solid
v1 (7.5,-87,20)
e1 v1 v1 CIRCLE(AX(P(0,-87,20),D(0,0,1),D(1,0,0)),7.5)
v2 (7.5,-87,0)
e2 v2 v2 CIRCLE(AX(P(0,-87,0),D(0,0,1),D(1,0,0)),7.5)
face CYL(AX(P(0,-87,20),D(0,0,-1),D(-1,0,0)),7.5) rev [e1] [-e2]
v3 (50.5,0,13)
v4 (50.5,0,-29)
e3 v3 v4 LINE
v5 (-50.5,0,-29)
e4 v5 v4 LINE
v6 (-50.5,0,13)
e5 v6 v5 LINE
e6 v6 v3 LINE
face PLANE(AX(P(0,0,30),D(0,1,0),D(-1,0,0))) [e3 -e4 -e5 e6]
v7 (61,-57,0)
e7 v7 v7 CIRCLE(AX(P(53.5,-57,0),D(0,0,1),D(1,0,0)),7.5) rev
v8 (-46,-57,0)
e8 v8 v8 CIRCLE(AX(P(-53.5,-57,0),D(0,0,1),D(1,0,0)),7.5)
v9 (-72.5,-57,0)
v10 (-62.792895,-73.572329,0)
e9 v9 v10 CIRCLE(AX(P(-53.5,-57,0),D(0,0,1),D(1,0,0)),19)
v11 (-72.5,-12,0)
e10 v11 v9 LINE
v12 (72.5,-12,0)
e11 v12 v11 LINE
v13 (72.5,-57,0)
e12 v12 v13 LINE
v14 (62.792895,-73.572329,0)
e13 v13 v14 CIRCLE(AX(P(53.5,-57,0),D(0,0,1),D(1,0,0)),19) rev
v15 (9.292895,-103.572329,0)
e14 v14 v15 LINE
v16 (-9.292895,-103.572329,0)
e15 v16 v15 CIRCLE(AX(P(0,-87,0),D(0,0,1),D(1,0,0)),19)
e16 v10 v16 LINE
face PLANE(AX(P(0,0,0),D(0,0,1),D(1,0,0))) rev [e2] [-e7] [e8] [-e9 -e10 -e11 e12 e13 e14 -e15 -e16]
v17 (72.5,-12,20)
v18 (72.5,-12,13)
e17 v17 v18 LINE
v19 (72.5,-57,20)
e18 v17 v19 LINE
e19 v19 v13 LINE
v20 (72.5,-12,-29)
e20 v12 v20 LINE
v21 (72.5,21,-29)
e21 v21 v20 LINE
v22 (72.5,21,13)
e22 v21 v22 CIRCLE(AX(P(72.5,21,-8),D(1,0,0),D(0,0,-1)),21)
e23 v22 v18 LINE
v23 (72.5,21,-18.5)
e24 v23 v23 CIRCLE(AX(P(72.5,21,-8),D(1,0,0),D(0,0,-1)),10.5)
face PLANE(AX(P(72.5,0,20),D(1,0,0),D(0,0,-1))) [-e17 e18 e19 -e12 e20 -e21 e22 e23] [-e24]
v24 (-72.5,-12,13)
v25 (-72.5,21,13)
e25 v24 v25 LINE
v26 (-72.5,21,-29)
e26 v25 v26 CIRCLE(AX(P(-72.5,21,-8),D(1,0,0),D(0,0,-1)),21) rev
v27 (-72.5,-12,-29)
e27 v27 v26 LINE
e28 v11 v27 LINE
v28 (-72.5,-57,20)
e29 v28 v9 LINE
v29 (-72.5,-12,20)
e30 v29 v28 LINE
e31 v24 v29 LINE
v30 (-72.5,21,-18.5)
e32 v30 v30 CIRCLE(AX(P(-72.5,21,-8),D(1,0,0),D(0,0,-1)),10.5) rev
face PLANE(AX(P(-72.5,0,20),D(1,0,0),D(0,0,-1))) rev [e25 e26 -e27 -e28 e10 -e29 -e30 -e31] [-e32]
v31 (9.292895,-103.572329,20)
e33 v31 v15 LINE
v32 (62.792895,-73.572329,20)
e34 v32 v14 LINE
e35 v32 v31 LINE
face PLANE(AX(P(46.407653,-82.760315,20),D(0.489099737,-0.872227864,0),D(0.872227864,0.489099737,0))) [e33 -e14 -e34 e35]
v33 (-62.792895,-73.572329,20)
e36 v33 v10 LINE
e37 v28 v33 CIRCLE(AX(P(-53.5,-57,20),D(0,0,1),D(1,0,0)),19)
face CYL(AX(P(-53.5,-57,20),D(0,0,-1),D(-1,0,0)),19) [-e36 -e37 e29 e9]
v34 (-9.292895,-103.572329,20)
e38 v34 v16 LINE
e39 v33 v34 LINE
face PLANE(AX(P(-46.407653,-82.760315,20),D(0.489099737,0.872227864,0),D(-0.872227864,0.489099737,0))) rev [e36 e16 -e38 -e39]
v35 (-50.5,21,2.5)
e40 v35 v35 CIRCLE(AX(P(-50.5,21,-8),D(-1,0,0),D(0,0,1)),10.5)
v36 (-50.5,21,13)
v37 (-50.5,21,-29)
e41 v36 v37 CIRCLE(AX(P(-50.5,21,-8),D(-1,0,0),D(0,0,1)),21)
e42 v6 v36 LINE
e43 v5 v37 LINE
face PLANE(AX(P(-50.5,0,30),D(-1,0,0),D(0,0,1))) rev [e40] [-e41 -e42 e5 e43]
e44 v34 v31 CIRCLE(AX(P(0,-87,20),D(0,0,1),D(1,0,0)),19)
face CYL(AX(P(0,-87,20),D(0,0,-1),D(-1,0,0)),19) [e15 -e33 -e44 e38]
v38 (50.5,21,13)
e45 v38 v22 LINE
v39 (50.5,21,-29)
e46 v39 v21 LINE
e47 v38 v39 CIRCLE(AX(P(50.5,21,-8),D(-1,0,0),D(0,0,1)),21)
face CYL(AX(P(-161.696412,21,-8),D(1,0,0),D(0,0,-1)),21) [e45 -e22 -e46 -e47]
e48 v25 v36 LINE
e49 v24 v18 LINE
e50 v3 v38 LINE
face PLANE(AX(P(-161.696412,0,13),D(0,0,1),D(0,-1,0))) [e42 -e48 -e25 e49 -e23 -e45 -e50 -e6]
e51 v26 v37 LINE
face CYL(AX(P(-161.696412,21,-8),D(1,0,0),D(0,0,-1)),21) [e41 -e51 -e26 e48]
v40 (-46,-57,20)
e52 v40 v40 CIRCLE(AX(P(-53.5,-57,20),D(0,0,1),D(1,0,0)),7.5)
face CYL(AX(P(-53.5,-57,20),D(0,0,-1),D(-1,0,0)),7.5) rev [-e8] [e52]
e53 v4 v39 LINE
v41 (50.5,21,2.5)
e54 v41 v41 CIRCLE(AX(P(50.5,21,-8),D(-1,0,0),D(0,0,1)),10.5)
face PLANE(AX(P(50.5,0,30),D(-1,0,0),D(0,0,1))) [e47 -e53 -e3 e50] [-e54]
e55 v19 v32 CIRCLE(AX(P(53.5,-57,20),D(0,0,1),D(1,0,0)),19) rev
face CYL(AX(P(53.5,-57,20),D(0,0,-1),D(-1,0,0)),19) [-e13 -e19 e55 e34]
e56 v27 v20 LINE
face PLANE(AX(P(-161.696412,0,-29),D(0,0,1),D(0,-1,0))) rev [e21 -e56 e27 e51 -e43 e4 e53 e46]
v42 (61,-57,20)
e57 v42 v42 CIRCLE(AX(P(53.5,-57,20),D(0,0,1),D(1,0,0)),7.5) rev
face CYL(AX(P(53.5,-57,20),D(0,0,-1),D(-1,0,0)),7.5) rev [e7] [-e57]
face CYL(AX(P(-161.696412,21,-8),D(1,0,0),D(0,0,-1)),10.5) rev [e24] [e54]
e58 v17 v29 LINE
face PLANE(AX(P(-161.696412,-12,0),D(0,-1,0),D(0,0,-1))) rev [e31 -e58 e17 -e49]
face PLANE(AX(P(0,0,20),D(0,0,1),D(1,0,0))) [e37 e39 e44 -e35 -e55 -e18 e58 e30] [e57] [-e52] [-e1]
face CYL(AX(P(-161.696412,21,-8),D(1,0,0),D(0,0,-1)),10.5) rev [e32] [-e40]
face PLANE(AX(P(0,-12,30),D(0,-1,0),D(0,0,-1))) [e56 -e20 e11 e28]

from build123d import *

# Parameters (mm, degrees)
SKETCH1_R           = 7.5
BOSS_EXTRUDE1_DEPTH = 20
SKETCH1_4_W         = 22
SKETCH1_4_H         = 54
BOSS_EXTRUDE3_DEPTH = 30
CUT_EXTRUDE6_REACH  = 184.102
SKETCH5_R           = 10.5


with BuildPart() as part:
    # Sketch1 → Boss-Extrude1 (new body)
    with BuildSketch(Plane.XY):
        with BuildLine():
            Line((72.5, -57), (72.5, -12))
            Line((72.5, -12), (-72.5, -12))
            Line((-72.5, -12), (-72.5, -57))
            ThreePointArc((-72.5, -57), (-69.894587599, -66.602994193), (-62.792895003, -73.572329422))
            Line((-62.792895003, -73.572329422), (-9.292895003, -103.572329422))
            ThreePointArc((-9.292895003, -103.572329422), (0, -106), (9.292895003, -103.572329422))
            Line((9.292895003, -103.572329422), (62.792895003, -73.572329422))
            ThreePointArc((62.792895003, -73.572329422), (69.894587599, -66.602994193), (72.5, -57))
        make_face()
        with Locations((-53.5, -57)):
            Circle(SKETCH1_R, mode=Mode.SUBTRACT)
        with Locations((0, -87)):
            Circle(SKETCH1_R, mode=Mode.SUBTRACT)
        with Locations((53.5, -57)):
            Circle(SKETCH1_R, mode=Mode.SUBTRACT)
    extrude(amount=BOSS_EXTRUDE1_DEPTH)

    # Sketch1<4> → Boss-Extrude3 (add, symmetric)
    with BuildSketch(Plane.XY):
        with Locations((-61.5, 27)):
            Rectangle(SKETCH1_4_W, SKETCH1_4_H)
        with Locations((61.5, 27)):
            Rectangle(SKETCH1_4_W, SKETCH1_4_H)
        Polygon((-72.5, -12), (0, -12), (0, 0), (-50.5, 0), (-72.5, 0), align=None)
        Polygon((0, 0), (0, -12), (72.5, -12), (72.5, 0), (50.5, 0), align=None)
    extrude(amount=BOSS_EXTRUDE3_DEPTH, both=True)

    # Cut-Extrude6: up to this face of the body (flat: up to its plane)
    cut_extrude6_end = Plane(part.part.faces().sort_by_distance((-72.5, 10.722222222, 1.851851852))[0])
    # Sketch5 → Cut-Extrude6 (cut, up to the picked face)
    with BuildSketch(Plane(origin=(72.5, 0, 0), x_dir=(0, 0, -1), z_dir=(1, 0, 0)), mode=Mode.PRIVATE) as cut_extrude6_sk1:
        with BuildLine():
            Line((-13, -12), (-13, 21))
            ThreePointArc((-13, 21), (8, 42), (29, 21))
            Line((29, 21), (29, -12))
            Line((29, -12), (30, -12))
            Line((30, -12), (30, 54))
            Line((30, 54), (-30, 54))
            Line((-30, 54), (-30, -12))
            Line((-30, -12), (-20, -12))
            Line((-20, -12), (-13, -12))
        make_face()
    cut_extrude6_tool1 = split(extrude(cut_extrude6_sk1.sketch, amount=-CUT_EXTRUDE6_REACH, mode=Mode.PRIVATE), bisect_by=cut_extrude6_end, keep=Keep.BOTH, mode=Mode.PRIVATE)
    # Sketch5 → Cut-Extrude6 (cut, up to the picked face)
    with BuildSketch(Plane(origin=(72.5, 0, 0), x_dir=(0, 0, -1), z_dir=(1, 0, 0)), mode=Mode.PRIVATE) as cut_extrude6_sk2:
        with Locations((8, 21)):
            Circle(SKETCH5_R)
    cut_extrude6_tool2 = split(extrude(cut_extrude6_sk2.sketch, amount=-CUT_EXTRUDE6_REACH, mode=Mode.PRIVATE), bisect_by=cut_extrude6_end, keep=Keep.BOTH, mode=Mode.PRIVATE)
    add(cut_extrude6_tool1.solids().sort_by(Axis((72.5, 4.5, 13.891964), (-1, 0, 0)))[0], mode=Mode.SUBTRACT)
    add(cut_extrude6_tool2.solids().sort_by(Axis((72.5, 21, -8), (-1, 0, 0)))[0], mode=Mode.SUBTRACT)


solid = part.part
